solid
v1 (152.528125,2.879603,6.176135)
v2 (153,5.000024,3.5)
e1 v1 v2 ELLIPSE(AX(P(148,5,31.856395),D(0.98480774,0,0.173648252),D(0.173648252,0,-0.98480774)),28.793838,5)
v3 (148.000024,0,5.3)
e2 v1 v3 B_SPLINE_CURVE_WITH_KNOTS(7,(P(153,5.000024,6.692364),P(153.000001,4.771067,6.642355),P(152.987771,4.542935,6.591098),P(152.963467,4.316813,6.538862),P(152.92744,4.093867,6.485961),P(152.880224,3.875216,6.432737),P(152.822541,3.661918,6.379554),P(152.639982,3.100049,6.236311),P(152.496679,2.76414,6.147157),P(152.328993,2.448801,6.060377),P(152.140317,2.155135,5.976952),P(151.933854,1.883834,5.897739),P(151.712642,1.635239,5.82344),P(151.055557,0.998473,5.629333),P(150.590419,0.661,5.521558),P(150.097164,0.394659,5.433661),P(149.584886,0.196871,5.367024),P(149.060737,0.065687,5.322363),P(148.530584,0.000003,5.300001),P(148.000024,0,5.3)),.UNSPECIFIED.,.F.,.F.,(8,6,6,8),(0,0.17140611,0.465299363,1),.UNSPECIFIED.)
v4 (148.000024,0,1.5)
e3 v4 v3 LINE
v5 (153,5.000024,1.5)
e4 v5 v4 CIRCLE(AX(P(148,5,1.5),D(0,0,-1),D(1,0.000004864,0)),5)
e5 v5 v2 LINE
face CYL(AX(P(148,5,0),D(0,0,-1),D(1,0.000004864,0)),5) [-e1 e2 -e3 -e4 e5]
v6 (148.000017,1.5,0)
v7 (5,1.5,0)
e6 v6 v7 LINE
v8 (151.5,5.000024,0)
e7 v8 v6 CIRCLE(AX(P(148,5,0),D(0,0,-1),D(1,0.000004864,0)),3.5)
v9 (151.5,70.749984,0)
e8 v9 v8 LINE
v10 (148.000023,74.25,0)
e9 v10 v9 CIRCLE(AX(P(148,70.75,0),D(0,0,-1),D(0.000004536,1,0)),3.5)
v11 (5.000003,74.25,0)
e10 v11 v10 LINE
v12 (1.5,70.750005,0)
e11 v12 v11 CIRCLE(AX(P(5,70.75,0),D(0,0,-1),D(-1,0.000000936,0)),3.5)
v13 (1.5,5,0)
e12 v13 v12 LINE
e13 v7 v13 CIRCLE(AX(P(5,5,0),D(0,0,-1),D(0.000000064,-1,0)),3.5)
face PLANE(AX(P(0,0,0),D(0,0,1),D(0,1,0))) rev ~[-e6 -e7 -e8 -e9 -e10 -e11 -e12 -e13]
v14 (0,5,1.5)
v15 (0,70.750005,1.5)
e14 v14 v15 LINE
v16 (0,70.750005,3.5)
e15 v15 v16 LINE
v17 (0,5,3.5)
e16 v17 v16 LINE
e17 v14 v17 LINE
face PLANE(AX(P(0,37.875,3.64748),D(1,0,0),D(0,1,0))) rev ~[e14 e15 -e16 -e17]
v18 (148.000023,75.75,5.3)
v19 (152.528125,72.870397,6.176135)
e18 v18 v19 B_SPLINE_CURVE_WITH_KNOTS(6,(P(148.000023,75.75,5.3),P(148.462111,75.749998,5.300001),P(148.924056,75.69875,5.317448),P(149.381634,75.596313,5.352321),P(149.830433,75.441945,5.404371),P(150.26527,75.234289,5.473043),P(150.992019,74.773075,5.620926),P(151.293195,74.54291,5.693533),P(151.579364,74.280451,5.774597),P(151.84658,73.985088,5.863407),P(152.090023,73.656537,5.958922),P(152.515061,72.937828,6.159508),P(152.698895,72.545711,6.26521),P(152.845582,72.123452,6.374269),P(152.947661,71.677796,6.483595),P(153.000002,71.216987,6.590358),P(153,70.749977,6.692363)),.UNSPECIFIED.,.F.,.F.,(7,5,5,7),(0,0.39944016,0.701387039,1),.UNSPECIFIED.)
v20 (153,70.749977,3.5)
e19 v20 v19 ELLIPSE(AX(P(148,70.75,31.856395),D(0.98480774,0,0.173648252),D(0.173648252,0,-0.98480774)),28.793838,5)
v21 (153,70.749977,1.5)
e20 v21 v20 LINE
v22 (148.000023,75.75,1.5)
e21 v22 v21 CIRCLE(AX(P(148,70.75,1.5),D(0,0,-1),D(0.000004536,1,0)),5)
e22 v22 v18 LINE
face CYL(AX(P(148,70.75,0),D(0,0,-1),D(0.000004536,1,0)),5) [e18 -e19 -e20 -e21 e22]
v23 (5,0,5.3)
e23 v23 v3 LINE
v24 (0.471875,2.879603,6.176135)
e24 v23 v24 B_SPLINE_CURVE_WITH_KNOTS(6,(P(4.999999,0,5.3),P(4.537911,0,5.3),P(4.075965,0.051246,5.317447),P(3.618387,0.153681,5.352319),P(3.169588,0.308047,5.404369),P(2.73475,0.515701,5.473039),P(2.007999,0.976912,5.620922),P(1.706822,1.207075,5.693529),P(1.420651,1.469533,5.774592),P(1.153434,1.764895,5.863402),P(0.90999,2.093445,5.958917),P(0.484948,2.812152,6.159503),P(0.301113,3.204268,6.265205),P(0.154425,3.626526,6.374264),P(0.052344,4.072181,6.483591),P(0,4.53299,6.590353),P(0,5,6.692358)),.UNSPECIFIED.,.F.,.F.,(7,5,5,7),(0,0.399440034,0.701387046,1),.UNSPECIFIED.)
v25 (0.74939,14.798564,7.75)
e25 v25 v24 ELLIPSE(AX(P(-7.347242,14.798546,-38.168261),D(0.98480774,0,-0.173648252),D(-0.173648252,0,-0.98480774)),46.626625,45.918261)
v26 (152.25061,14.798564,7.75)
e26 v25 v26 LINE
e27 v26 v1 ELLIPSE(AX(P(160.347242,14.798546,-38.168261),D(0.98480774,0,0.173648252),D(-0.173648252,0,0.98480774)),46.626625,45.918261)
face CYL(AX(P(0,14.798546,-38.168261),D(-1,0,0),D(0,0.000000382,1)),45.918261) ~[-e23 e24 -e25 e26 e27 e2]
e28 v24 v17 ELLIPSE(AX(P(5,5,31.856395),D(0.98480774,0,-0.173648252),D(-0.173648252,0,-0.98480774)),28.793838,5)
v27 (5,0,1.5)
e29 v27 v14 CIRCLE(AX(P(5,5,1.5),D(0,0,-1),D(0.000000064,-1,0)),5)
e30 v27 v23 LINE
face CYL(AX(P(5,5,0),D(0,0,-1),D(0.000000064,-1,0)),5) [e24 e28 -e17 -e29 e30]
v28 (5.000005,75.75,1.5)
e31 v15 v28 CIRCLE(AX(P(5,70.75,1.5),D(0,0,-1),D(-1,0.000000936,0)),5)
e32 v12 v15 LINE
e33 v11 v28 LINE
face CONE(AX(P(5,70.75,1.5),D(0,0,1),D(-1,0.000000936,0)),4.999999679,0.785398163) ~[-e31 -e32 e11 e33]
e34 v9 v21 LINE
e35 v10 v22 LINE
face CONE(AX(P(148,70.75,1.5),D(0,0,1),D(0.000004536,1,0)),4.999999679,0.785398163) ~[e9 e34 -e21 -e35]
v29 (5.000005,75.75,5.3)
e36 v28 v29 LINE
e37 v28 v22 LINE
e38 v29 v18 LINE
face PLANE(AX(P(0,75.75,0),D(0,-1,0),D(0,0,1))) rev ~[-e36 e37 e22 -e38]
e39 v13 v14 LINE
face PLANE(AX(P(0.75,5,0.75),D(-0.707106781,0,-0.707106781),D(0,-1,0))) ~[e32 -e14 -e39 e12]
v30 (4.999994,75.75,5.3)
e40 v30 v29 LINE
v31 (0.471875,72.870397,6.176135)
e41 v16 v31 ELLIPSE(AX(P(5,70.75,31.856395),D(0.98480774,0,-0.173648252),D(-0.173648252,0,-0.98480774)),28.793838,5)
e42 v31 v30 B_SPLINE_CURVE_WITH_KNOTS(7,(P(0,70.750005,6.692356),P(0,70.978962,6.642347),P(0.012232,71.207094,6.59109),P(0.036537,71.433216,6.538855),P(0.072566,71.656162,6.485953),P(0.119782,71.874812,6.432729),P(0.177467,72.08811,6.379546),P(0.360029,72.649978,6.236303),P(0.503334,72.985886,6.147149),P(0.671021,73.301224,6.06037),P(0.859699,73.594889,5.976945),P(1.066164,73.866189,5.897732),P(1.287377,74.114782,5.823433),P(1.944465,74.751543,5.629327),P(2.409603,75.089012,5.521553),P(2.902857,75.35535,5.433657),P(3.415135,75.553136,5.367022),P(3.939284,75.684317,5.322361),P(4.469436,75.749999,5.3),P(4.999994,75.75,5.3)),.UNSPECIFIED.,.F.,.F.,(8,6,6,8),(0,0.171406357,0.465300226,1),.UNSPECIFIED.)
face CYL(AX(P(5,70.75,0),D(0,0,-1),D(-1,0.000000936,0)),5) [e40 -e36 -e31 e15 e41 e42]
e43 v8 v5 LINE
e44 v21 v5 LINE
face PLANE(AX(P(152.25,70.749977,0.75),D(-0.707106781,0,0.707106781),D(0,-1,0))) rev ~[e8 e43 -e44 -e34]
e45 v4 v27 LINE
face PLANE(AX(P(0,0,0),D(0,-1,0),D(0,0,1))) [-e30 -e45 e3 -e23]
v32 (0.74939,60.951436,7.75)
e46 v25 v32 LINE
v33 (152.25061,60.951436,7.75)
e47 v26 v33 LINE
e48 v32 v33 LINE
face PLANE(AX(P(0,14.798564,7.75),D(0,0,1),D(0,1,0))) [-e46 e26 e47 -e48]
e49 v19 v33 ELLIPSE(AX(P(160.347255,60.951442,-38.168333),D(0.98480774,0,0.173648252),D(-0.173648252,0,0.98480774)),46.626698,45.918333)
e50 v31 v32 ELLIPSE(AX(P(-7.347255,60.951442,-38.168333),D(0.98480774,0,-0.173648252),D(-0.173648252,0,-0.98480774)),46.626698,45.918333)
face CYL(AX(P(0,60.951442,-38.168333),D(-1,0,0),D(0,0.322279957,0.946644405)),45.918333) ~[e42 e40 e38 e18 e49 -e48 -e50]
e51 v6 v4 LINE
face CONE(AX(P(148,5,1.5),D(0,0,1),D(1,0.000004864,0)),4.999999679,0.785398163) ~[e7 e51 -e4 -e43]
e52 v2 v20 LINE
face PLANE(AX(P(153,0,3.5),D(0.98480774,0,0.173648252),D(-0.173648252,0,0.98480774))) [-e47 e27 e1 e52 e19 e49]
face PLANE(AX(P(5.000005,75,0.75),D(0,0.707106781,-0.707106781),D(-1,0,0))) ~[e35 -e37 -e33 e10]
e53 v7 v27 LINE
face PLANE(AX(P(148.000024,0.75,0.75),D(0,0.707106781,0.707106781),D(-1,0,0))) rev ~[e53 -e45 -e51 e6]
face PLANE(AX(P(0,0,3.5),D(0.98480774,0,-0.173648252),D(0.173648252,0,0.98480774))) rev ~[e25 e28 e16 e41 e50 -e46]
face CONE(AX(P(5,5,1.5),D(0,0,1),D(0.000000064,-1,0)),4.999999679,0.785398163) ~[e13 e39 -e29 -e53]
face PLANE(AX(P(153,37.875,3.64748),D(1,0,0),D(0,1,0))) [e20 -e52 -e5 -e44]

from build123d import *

# Parameters (mm, degrees)
PAD010_DEPTH    = 153
POCKET014_DEPTH = 7.751
CHAMFER012_SIZE = 1.5
POCKET015_DEPTH = 75.751


with BuildPart() as part:
    # Sketch036 → Pad010 (new body)
    with BuildSketch(Plane.YZ):
        with BuildLine():
            Line((0, 0), (75.75, 0))
            Line((75.75, 0), (75.75, 5.3))
            ThreePointArc((75.75, 5.3), (68.451436, 7.13336), (60.951436, 7.75))
            Line((37.875, 7.75), (60.951436, 7.75))
            Line((14.798564, 7.75), (37.875, 7.75))
            ThreePointArc((14.798564, 7.75), (7.298564, 7.133361), (0, 5.3))
            Line((0, 0), (0, 5.3))
        make_face()
    extrude(amount=PAD010_DEPTH)

    # Sketch037 (on Face1 of Pad010) → Pocket014 (cut, through all)
    with BuildSketch(Plane.YX):
        with BuildLine():
            Line((0, 148.000024), (0, 153))
            Line((0, 153), (5.000024, 153))
            ThreePointArc((5.000024, 153), (1.464483, 151.535551), (0, 148.000024))
        make_face()
        with BuildLine():
            Line((70.749977, 153), (75.75, 153))
            Line((75.75, 153), (75.75, 148.000023))
            ThreePointArc((75.75, 148.000023), (74.285518, 151.53555), (70.749977, 153))
        make_face()
        with BuildLine():
            Line((75.75, 5.000005), (75.75, 0))
            Line((70.750005, 0), (75.75, 0))
            ThreePointArc((70.750005, 0), (74.285537, 1.464469), (75.75, 5.000005))
        make_face()
        with BuildLine():
            Line((5, 0), (0, 0))
            Line((0, 0), (0, 5))
            ThreePointArc((0, 5), (1.464466, 1.464466), (5, 0))
        make_face()
    extrude(amount=-POCKET014_DEPTH, mode=Mode.SUBTRACT)

    # Chamfer012
    chamfer012_edges = [part.edges().sort_by_distance(p)[0] for p in [
        (1.464466, 1.464466, 0),
        (0, 37.875002, 0),
        (1.464469, 74.285537, 0),
        (76.500014, 75.75, 0),
        (151.53555, 74.285518, 0),
        (153, 37.875001, 0),
        (151.535551, 1.464483, 0),
        (76.500012, 0, 0),
    ]]
    chamfer(chamfer012_edges, length=CHAMFER012_SIZE)

    # Sketch038 (on Face11 of Chamfer012) → Pocket015 (cut, through all)
    with BuildSketch(Plane(origin=(0, 0, 0), x_dir=(0, 0, -1), z_dir=(0, -1, 0))):
        Polygon((-3.5, 0), (-7.75, 0.74939), (-7.75, 0), align=None)
        Polygon((-3.5, 153), (-7.75, 152.25061), (-7.75, 153), align=None)
    extrude(amount=-POCKET015_DEPTH, mode=Mode.SUBTRACT)


solid = part.part
